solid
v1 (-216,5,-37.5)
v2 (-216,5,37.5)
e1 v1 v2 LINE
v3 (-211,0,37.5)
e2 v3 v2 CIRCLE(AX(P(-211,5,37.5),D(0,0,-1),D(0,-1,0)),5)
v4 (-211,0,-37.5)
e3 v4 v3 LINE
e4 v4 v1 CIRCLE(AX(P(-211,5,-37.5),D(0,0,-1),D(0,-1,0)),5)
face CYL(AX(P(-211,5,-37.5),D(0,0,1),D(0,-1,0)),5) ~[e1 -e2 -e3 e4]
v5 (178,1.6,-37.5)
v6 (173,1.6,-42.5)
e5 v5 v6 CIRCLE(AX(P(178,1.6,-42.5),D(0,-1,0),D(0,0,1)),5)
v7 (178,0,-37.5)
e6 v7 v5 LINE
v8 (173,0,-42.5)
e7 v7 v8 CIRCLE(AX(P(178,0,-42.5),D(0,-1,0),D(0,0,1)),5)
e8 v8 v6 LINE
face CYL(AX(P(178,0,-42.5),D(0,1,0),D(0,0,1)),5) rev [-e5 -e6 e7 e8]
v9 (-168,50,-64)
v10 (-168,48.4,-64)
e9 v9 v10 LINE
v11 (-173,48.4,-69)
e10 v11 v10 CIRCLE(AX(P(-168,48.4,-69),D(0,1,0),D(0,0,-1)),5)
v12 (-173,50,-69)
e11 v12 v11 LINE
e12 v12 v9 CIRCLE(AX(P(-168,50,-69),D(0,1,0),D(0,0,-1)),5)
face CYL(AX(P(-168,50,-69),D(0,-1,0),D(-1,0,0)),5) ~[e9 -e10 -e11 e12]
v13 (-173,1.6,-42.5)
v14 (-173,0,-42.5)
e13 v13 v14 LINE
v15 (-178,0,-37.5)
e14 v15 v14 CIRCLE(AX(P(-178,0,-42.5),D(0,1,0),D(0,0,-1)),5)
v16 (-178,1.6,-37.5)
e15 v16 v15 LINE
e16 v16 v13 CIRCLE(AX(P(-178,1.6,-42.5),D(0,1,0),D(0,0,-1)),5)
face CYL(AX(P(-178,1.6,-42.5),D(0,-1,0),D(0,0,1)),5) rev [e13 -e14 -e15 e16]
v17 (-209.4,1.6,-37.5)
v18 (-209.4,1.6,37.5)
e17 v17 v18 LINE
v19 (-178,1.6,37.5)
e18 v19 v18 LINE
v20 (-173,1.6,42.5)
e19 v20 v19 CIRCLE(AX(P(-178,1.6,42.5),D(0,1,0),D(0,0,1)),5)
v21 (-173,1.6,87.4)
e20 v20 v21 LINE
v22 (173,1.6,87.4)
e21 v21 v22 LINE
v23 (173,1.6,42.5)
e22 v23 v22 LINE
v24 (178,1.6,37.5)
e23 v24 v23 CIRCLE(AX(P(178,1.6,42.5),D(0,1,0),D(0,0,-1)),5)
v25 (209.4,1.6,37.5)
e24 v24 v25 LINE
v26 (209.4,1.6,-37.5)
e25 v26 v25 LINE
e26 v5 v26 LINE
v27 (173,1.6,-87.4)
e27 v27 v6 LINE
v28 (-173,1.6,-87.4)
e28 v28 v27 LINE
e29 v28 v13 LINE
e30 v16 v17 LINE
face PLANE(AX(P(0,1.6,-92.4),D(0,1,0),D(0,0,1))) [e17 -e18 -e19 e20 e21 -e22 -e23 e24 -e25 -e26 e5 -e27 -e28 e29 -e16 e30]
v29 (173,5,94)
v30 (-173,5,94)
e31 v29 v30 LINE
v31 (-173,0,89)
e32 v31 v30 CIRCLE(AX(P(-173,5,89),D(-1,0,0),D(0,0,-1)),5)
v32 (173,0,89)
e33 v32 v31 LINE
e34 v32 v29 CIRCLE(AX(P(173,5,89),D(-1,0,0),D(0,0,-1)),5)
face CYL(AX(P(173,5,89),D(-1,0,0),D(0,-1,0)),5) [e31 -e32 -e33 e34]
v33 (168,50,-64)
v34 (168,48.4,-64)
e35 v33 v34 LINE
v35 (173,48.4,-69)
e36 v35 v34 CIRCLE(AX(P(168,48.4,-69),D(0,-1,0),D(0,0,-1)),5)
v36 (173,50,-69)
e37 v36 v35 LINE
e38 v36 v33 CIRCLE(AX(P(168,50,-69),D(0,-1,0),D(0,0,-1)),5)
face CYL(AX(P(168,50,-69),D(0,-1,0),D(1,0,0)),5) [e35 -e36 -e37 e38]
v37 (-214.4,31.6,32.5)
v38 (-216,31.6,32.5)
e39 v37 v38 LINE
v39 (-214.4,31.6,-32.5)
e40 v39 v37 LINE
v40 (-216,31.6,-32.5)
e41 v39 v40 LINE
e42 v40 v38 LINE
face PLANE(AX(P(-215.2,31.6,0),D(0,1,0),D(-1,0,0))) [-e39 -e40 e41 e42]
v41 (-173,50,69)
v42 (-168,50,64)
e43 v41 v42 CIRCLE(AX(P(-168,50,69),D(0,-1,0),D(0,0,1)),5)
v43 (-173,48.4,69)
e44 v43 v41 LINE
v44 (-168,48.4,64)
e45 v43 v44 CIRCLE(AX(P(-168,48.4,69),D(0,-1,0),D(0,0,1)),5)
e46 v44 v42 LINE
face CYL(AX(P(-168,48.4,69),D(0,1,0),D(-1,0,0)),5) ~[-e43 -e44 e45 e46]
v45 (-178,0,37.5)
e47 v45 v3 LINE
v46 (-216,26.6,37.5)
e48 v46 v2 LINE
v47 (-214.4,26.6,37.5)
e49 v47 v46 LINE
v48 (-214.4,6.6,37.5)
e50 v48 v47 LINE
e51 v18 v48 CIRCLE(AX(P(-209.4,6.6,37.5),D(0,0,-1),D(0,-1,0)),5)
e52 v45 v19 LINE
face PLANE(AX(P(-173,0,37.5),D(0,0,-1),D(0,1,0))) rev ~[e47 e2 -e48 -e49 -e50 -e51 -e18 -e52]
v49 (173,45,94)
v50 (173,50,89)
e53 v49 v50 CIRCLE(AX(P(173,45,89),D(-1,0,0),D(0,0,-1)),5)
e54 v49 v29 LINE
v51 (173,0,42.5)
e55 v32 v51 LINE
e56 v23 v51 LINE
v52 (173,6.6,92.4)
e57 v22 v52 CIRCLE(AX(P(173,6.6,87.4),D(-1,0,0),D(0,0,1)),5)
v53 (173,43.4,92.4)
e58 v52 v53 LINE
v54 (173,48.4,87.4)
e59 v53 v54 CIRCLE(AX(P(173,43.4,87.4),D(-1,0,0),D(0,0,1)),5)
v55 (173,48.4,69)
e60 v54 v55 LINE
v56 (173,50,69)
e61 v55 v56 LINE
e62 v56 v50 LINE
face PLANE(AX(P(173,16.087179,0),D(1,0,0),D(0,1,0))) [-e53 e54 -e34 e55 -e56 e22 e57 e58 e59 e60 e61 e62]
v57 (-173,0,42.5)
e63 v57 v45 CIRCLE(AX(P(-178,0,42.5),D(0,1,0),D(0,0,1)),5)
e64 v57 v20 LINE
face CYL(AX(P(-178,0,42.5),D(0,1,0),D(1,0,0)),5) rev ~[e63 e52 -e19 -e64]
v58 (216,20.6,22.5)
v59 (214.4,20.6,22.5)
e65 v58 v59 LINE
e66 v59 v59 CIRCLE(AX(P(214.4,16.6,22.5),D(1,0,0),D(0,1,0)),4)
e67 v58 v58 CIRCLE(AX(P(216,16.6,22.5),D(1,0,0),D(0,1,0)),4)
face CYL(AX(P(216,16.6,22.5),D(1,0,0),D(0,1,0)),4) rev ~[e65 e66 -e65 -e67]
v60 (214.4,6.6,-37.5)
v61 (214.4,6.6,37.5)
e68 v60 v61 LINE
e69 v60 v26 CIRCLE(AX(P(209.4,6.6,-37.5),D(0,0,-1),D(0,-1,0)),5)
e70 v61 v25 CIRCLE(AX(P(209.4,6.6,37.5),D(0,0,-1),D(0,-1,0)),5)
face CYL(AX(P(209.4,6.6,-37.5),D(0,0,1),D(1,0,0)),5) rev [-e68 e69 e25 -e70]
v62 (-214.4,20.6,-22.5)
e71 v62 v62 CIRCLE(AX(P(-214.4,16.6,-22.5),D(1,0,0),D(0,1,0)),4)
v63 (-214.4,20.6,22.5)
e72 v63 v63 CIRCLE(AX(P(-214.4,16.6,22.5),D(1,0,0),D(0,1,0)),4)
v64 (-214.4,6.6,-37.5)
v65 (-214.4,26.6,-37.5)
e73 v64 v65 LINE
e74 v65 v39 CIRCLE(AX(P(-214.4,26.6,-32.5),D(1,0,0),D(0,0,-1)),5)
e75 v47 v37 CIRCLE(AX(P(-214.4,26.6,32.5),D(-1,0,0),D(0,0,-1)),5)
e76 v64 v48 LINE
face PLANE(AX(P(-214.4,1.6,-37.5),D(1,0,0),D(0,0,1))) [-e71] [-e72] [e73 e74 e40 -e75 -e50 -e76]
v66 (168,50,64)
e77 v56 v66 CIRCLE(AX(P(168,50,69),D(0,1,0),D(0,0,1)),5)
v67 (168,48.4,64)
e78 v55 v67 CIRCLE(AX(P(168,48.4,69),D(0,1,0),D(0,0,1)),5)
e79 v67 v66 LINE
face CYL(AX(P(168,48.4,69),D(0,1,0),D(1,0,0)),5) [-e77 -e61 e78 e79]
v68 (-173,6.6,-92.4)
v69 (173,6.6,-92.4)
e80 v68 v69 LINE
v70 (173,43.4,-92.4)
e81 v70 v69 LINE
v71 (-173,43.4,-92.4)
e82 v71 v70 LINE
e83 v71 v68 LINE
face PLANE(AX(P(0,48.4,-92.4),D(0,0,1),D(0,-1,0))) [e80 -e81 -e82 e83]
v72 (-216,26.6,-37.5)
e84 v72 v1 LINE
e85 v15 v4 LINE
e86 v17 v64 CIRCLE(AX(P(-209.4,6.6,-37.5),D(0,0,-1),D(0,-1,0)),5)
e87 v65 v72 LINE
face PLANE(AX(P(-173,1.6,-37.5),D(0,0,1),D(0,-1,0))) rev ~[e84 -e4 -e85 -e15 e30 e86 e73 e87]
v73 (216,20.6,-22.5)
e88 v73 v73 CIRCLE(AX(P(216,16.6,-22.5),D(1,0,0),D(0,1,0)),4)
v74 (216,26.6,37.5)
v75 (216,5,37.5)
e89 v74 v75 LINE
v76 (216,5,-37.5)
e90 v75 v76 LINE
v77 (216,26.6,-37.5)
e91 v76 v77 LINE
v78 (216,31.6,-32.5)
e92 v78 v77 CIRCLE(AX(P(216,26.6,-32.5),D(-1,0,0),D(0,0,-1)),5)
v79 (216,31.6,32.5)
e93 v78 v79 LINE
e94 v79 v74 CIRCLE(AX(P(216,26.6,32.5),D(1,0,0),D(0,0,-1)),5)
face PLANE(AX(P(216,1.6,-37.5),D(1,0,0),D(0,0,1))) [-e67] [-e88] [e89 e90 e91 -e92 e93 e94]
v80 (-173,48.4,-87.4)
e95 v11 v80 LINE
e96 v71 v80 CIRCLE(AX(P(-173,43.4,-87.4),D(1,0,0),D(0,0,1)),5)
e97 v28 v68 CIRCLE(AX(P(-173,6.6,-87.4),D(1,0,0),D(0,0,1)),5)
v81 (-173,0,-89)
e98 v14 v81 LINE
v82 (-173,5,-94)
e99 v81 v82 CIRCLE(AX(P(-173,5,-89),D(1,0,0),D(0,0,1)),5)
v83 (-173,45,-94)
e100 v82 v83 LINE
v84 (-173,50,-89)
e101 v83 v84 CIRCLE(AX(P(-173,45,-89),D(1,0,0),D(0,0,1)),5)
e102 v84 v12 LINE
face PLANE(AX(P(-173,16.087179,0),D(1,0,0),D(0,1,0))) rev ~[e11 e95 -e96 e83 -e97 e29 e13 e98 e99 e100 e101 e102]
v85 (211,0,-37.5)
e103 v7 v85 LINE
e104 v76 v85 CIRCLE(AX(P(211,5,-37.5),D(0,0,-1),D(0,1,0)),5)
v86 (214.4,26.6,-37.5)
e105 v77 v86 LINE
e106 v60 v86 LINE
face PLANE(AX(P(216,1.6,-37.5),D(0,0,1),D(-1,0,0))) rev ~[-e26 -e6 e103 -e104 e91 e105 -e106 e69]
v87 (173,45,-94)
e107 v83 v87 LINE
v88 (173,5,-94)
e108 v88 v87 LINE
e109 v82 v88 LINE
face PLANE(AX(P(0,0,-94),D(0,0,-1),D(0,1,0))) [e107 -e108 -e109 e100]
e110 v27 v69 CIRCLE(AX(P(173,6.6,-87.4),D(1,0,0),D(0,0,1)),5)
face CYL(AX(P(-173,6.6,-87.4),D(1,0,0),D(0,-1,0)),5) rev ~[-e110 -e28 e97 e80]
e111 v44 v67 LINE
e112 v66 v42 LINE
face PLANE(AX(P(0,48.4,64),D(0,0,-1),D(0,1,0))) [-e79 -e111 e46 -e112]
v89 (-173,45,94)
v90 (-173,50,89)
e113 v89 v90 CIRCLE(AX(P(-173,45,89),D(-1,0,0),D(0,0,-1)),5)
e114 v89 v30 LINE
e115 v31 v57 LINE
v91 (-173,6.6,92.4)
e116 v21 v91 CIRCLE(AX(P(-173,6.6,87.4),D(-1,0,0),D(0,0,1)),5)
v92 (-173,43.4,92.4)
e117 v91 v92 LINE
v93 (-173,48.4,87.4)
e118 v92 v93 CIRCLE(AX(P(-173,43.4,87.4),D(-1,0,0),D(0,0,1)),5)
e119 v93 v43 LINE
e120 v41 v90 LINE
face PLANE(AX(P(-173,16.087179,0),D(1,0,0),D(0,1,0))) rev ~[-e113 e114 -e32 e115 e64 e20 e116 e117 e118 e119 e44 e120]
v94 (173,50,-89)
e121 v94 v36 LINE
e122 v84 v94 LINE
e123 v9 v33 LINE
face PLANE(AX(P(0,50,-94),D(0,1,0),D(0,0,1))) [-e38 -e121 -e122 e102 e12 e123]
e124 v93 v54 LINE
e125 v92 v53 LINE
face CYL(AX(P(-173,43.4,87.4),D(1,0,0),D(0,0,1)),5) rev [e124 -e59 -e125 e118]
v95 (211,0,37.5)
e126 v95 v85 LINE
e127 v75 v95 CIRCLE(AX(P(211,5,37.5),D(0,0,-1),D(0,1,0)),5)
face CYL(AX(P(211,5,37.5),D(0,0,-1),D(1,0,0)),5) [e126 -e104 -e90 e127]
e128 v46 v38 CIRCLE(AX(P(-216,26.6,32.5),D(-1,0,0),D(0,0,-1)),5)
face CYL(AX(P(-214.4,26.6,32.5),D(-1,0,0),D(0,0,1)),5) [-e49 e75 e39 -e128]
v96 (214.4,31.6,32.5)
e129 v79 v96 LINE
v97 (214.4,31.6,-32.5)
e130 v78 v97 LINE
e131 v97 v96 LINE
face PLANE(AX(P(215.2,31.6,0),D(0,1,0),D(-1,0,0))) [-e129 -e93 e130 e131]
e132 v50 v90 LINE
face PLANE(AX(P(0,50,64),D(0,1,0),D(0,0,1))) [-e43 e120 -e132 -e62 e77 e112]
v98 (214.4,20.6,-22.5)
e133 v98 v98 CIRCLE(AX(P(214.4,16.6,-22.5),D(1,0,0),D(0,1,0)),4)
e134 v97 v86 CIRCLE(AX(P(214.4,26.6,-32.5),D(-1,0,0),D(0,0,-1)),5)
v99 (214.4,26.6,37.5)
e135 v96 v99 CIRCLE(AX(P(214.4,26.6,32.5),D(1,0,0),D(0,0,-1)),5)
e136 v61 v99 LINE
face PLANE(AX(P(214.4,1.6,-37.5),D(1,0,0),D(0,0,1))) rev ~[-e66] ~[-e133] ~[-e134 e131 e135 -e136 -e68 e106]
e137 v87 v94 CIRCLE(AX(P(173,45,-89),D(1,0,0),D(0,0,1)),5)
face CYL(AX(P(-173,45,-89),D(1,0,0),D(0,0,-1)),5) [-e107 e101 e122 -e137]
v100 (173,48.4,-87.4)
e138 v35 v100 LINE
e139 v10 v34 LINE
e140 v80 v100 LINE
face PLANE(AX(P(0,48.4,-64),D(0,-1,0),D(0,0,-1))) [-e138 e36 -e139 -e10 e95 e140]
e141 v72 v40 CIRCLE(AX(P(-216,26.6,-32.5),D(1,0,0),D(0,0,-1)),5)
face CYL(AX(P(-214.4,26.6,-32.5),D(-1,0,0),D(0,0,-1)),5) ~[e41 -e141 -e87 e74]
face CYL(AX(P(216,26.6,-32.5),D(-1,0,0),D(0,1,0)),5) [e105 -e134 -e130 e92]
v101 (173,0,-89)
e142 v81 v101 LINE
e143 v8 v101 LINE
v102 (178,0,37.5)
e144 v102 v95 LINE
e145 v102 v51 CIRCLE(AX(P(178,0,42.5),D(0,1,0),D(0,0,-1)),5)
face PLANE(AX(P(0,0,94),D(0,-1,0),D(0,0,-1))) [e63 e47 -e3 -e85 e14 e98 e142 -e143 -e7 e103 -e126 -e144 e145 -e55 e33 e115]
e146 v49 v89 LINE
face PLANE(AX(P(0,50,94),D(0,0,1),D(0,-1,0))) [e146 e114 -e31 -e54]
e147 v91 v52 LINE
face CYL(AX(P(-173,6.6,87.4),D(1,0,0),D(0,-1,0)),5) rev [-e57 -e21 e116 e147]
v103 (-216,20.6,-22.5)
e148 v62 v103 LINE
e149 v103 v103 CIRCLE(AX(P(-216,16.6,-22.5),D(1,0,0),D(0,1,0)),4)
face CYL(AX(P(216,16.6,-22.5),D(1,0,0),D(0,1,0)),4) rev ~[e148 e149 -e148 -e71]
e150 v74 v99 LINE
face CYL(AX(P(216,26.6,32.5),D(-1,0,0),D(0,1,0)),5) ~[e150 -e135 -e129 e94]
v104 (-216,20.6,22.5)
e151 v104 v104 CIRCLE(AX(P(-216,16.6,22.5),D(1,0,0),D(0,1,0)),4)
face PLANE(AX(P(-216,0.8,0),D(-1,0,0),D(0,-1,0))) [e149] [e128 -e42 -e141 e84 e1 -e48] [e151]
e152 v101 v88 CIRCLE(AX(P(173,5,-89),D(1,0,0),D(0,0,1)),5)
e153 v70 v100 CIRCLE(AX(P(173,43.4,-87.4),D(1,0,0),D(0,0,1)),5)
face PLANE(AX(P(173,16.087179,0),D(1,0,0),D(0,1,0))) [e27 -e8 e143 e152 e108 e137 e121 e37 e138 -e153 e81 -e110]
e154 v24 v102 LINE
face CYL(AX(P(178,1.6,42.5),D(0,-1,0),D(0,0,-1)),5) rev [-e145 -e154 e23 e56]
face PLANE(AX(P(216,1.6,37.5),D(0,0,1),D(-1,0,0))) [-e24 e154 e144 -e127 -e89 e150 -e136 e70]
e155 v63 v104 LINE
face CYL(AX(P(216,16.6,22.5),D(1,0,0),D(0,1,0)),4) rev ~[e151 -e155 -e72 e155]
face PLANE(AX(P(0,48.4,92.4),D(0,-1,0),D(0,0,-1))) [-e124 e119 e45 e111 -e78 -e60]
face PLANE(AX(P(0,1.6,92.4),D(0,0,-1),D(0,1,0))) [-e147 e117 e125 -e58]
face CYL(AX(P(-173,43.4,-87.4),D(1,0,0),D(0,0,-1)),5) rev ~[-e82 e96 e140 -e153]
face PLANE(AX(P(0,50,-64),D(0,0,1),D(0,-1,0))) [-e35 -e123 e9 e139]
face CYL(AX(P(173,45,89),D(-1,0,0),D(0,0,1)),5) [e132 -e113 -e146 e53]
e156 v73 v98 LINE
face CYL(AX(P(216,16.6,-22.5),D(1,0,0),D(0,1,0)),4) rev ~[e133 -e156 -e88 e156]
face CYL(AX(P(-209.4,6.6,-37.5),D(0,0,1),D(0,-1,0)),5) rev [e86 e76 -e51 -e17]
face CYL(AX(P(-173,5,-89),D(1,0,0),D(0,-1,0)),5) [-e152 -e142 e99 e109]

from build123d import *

# Parameters (mm, degrees)
F1_DEPTH = 173
F3_DEPTH = 43
F5_DEPTH = 43
F6_W     = 1.6
F6_H     = 75
F7_DEPTH = 30
F8_R     = 4
F9_DEPTH = 432.001
F10_R    = 5


with BuildPart() as f1:
    # F0 (on Right) → F1 (new body, symmetric)
    with BuildSketch(Plane.YZ):
        Polygon((0, 94), (0, 0), (0, -94), (50, -94), (50, -64), (48.4, -64), (48.4, -92.4), (1.6, -92.4), (1.6, 92.4), (48.4, 92.4), (48.4, 64), (50, 64), (50, 94), align=None)
    extrude(amount=F1_DEPTH, both=True)

    # F2 (on face) → F3 (join)
    with BuildSketch(Plane.YZ.offset(173)):
        Polygon((0, 37.5), (0, 0), (0, -37.5), (1.6, -37.5), (1.6, 37.5), align=None)
    extrude(amount=F3_DEPTH)

    # F4 (on face) → F5 (join)
    with BuildSketch(Plane(origin=(-173, 0, 0), x_dir=(0, -1, 0), z_dir=(-1, 0, 0))):
        Polygon((0, -37.5), (0, 0), (0, 37.5), (-1.6, 37.5), (-1.6, -37.5), align=None)
    extrude(amount=F5_DEPTH)

    # F6 (on face) → F7 (join)
    with BuildSketch(Plane(origin=(0, 1.6, 0), x_dir=(-1, 0, 0), z_dir=(0, 1, 0))):
        with Locations((-215.2, 0)):
            Rectangle(F6_W, F6_H)
        with Locations((215.2, 0)):
            Rectangle(F6_W, F6_H)
    extrude(amount=F7_DEPTH)

    # F8 (on face) → F9 (cut, through all)
    with BuildSketch(Plane.YZ.offset(216)):
        with Locations((16.6, 22.5)):
            Circle(F8_R)
        with Locations((16.6, -22.5)):
            Circle(F8_R)
    extrude(amount=-F9_DEPTH, mode=Mode.SUBTRACT)

    # F10
    f10_edges = [f1.edges().sort_by_distance(p)[0] for p in [
        (173, 0.8, 37.5),
        (215.2, 31.6, -37.5),
        (173, 0.8, -37.5),
        (173, 49.2, 64),
        (173, 49.2, -64),
        (215.2, 31.6, 37.5),
        (-173, 49.2, -64),
        (-173, 0.8, -37.5),
        (-215.2, 31.6, -37.5),
        (-215.2, 31.6, 37.5),
        (-173, 0.8, 37.5),
        (-173, 49.2, 64),
        (0, 50, -94),
        (0, 0, -94),
        (-216, 0, 0),
        (0, 1.6, -92.4),
        (0, 48.4, -92.4),
        (-214.4, 1.6, 0),
        (214.4, 1.6, 0),
        (216, 0, 0),
        (0, 0, 94),
        (0, 50, 94),
        (0, 48.4, 92.4),
        (0, 1.6, 92.4),
    ]]
    fillet(f10_edges, radius=F10_R)


solid = f1.part
